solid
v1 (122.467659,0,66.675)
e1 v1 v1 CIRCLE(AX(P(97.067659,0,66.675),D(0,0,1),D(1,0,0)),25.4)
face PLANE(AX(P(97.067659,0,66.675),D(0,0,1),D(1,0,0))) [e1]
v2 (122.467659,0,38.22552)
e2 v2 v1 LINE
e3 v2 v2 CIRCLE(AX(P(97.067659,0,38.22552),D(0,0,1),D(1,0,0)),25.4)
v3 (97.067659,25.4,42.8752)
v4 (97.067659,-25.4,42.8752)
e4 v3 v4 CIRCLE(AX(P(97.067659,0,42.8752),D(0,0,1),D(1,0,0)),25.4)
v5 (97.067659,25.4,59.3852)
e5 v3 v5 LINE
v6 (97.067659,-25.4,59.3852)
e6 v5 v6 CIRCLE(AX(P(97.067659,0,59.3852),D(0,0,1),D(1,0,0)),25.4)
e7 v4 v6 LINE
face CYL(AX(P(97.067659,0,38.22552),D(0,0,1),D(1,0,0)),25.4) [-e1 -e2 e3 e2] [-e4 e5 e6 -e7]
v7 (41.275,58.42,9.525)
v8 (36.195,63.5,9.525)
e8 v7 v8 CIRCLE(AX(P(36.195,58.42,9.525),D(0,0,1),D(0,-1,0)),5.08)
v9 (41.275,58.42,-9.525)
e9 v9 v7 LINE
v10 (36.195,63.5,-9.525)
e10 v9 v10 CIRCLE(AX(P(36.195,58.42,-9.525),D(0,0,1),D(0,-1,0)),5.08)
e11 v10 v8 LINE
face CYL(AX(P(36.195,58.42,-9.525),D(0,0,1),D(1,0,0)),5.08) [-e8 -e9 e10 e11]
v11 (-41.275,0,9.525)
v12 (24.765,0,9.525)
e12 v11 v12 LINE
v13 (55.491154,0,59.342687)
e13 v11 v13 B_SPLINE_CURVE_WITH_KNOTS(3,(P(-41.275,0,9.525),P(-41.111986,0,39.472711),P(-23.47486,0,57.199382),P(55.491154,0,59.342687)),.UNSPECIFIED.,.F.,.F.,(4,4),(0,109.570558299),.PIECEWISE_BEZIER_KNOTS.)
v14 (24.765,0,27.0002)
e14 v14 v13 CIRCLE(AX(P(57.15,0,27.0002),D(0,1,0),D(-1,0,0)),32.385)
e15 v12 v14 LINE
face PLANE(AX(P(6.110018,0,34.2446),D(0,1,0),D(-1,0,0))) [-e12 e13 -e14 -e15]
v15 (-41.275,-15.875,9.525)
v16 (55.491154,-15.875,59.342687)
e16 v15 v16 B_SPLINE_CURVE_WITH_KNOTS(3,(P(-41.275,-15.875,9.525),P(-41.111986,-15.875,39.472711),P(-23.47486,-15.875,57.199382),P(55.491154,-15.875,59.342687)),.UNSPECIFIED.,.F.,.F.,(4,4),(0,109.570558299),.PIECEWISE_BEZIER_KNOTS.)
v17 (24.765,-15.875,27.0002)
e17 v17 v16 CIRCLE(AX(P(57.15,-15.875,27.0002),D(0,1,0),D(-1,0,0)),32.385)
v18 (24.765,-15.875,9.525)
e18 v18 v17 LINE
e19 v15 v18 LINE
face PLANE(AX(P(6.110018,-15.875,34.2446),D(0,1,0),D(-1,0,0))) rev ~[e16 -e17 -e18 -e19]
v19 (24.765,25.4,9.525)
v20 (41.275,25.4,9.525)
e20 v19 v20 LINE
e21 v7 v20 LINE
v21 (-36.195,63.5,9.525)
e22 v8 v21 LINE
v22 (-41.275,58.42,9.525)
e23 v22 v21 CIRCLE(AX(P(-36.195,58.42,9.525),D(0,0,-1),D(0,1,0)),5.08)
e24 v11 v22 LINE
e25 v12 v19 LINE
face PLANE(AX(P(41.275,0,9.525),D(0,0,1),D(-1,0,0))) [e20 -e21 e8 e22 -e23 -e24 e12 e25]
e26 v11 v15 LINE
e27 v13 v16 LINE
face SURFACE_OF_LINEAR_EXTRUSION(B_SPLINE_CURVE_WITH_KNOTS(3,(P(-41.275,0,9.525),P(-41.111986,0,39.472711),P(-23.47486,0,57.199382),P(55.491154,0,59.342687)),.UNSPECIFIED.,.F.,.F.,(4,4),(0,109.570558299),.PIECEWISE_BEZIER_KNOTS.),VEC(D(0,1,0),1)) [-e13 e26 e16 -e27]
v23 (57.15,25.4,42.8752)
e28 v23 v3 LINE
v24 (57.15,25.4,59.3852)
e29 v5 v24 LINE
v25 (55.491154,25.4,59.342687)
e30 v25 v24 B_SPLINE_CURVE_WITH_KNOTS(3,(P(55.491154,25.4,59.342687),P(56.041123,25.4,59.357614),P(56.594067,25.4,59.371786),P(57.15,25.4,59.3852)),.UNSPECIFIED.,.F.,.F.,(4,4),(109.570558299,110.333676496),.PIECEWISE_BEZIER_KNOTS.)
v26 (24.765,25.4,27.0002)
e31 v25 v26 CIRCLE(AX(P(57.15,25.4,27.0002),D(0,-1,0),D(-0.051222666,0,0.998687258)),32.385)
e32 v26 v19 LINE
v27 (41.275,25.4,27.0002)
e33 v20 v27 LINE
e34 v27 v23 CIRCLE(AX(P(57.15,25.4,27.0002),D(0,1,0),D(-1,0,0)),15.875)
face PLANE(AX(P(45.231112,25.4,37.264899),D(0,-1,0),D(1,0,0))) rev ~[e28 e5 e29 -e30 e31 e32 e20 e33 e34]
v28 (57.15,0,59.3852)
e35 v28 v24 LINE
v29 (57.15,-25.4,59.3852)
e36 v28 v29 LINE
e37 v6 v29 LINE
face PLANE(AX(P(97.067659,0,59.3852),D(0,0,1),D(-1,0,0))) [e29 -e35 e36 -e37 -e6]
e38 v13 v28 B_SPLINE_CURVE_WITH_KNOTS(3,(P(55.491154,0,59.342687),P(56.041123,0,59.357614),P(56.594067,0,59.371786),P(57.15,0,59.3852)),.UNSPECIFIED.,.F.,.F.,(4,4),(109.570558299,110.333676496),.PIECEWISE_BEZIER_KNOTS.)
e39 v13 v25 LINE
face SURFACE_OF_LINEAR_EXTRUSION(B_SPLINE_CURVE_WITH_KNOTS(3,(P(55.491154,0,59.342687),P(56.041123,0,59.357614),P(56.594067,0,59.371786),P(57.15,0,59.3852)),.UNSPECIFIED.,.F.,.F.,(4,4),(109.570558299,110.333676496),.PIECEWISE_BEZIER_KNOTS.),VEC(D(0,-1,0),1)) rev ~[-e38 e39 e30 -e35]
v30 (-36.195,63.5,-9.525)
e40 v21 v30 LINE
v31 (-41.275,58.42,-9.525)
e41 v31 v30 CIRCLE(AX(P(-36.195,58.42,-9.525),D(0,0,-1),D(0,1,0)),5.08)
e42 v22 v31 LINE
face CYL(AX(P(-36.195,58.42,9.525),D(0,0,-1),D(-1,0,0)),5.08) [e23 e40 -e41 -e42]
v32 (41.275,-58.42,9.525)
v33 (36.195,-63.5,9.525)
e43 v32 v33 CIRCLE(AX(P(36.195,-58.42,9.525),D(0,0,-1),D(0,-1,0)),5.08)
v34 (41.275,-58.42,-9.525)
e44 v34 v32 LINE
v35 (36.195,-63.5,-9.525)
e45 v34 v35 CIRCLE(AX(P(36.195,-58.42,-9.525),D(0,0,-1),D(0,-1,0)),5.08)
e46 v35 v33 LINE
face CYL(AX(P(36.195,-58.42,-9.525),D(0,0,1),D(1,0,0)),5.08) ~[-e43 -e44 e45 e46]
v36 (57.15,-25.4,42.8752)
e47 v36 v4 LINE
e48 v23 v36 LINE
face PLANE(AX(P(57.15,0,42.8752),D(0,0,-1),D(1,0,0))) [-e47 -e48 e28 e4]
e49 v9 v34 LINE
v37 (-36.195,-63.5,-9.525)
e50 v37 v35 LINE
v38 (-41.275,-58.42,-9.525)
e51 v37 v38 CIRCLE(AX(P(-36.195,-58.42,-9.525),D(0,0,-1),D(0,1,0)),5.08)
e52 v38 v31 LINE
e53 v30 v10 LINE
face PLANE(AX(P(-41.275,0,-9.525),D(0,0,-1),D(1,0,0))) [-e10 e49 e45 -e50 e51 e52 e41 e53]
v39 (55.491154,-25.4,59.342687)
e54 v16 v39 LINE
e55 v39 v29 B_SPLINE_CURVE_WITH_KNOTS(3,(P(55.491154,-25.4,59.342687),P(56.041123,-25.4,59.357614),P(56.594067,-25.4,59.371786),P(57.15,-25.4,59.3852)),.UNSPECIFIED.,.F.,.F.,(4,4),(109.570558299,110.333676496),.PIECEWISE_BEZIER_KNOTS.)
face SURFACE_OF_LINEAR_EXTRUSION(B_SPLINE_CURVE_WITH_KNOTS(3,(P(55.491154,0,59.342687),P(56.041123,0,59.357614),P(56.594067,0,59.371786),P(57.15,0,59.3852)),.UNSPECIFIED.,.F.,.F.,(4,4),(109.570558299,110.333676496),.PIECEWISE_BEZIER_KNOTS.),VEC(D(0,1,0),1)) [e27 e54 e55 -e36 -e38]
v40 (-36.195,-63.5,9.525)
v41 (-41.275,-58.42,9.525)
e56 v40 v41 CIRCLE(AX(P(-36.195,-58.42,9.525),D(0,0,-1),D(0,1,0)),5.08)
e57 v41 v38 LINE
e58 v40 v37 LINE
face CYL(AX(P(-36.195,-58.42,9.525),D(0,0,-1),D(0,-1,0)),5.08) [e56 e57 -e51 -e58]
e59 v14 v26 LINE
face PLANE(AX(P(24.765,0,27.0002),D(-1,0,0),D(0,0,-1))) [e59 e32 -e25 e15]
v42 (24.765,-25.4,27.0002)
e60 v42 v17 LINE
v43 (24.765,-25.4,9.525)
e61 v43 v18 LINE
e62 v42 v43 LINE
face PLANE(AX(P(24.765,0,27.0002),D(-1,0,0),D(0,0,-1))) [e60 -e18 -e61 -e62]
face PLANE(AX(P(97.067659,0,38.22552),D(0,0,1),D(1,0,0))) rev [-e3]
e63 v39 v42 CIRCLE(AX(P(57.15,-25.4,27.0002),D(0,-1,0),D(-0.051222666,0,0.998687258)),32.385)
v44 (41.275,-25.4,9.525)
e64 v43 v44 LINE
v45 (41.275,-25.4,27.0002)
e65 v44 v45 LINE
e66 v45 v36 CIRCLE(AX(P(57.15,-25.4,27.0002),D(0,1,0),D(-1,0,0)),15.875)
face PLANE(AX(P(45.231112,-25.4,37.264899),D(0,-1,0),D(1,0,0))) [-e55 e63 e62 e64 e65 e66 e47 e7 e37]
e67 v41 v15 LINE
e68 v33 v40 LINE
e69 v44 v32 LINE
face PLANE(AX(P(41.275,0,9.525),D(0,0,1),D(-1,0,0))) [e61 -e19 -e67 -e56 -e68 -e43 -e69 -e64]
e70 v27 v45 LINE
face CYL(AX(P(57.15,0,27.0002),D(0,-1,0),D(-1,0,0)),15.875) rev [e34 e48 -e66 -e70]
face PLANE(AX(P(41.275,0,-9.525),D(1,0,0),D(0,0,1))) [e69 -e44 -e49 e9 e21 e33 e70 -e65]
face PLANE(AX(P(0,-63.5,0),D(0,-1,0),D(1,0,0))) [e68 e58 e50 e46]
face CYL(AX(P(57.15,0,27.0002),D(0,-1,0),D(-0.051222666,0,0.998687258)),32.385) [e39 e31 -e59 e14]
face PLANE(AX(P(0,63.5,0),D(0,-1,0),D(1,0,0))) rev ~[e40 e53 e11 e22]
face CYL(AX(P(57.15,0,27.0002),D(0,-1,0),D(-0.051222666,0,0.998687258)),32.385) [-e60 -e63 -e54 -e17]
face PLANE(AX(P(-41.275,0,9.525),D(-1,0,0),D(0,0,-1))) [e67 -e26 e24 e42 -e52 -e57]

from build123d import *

# Parameters (mm, degrees)
F1_DEPTH = 63.5
F0_W     = 25.4
F0_H     = 16.51
F2_DEPTH = 25.4
F3_DEPTH = 15.875
F5_R     = 5.08


with BuildPart() as f1:
    # F0 (on Front) → F1 (new body, symmetric)
    with BuildSketch(Plane.XZ):
        Polygon((-41.275, -9.525), (41.275, -9.525), (41.275, 9.525), (24.765, 9.525), (-41.275, 9.525), align=None)
    extrude(amount=F1_DEPTH, both=True)

    # F0 (on Front) → F2 (join, symmetric)
    with BuildSketch(Plane.XZ):
        with BuildLine():
            Line((24.765, 9.525), (41.275, 9.525))
            Line((41.275, 9.525), (41.275, 27.0002))
            ThreePointArc((41.275, 27.0002), (45.9246798487, 38.2255201513), (57.15, 42.8752))
            Line((57.15, 42.8752), (71.6676590706, 42.8752))
            Line((71.6676590706, 42.8752), (71.6676590706, 59.3852))
            Line((71.6676590706, 59.3852), (57.15, 59.3852))
            add(Edge.make_bspline(
                [(55.4911539535, 59.3426868369), (56.0411228755, 59.3576141574), (56.5940666192, 59.3717855904), (57.15, 59.3852)],
                knots=[109.5705582986, 109.5705582986, 109.5705582986, 109.5705582986, 110.3336764956, 110.3336764956, 110.3336764956, 110.3336764956], degree=3))
            ThreePointArc((55.4911539535, 59.3426868369), (33.6711802446, 49.3056533218), (24.765, 27.0002))
            Line((24.765, 27.0002), (24.765, 9.525))
        make_face()
        with Locations((84.3676590706, 51.1302)):
            Rectangle(F0_W, F0_H)
    extrude(amount=F2_DEPTH, both=True)

    # F0 (on Front) → F3 (join)
    with BuildSketch(Plane.XZ):
        with BuildLine():
            add(Edge.make_bspline(
                [(-41.275, 9.525), (-41.1119862011, 39.4727109484), (-23.4748595098, 57.1993821099), (55.4911539535, 59.3426868369)],
                knots=[0, 0, 0, 0, 109.5705582986, 109.5705582986, 109.5705582986, 109.5705582986], degree=3))
            Line((-41.275, 9.525), (24.765, 9.525))
            Line((24.765, 9.525), (24.765, 27.0002))
            ThreePointArc((24.765, 27.0002), (33.6711802446, 49.3056533218), (55.4911539535, 59.3426868369))
        make_face()
    extrude(amount=F3_DEPTH)

    # F0 (on Front) → F4 (revolve)
    with BuildSketch(Plane.XZ):
        Polygon((97.0676590706, 59.3852), (97.0676590706, 42.8752), (97.0676590706, 38.2255201513), (122.4676590706, 38.2255201513), (122.4676590706, 66.675), (97.0676590706, 66.675), align=None)
    revolve(axis=Axis((97.0676590706, 0, 52.4502600757), (0, 0, 1)))

    # F5
    f5_edges = [f1.edges().sort_by_distance(p)[0] for p in [
        (41.275, -63.5, 0),
        (-41.275, -63.5, 0),
        (41.275, 63.5, 0),
        (-41.275, 63.5, 0),
    ]]
    fillet(f5_edges, radius=F5_R)


solid = f1.part
